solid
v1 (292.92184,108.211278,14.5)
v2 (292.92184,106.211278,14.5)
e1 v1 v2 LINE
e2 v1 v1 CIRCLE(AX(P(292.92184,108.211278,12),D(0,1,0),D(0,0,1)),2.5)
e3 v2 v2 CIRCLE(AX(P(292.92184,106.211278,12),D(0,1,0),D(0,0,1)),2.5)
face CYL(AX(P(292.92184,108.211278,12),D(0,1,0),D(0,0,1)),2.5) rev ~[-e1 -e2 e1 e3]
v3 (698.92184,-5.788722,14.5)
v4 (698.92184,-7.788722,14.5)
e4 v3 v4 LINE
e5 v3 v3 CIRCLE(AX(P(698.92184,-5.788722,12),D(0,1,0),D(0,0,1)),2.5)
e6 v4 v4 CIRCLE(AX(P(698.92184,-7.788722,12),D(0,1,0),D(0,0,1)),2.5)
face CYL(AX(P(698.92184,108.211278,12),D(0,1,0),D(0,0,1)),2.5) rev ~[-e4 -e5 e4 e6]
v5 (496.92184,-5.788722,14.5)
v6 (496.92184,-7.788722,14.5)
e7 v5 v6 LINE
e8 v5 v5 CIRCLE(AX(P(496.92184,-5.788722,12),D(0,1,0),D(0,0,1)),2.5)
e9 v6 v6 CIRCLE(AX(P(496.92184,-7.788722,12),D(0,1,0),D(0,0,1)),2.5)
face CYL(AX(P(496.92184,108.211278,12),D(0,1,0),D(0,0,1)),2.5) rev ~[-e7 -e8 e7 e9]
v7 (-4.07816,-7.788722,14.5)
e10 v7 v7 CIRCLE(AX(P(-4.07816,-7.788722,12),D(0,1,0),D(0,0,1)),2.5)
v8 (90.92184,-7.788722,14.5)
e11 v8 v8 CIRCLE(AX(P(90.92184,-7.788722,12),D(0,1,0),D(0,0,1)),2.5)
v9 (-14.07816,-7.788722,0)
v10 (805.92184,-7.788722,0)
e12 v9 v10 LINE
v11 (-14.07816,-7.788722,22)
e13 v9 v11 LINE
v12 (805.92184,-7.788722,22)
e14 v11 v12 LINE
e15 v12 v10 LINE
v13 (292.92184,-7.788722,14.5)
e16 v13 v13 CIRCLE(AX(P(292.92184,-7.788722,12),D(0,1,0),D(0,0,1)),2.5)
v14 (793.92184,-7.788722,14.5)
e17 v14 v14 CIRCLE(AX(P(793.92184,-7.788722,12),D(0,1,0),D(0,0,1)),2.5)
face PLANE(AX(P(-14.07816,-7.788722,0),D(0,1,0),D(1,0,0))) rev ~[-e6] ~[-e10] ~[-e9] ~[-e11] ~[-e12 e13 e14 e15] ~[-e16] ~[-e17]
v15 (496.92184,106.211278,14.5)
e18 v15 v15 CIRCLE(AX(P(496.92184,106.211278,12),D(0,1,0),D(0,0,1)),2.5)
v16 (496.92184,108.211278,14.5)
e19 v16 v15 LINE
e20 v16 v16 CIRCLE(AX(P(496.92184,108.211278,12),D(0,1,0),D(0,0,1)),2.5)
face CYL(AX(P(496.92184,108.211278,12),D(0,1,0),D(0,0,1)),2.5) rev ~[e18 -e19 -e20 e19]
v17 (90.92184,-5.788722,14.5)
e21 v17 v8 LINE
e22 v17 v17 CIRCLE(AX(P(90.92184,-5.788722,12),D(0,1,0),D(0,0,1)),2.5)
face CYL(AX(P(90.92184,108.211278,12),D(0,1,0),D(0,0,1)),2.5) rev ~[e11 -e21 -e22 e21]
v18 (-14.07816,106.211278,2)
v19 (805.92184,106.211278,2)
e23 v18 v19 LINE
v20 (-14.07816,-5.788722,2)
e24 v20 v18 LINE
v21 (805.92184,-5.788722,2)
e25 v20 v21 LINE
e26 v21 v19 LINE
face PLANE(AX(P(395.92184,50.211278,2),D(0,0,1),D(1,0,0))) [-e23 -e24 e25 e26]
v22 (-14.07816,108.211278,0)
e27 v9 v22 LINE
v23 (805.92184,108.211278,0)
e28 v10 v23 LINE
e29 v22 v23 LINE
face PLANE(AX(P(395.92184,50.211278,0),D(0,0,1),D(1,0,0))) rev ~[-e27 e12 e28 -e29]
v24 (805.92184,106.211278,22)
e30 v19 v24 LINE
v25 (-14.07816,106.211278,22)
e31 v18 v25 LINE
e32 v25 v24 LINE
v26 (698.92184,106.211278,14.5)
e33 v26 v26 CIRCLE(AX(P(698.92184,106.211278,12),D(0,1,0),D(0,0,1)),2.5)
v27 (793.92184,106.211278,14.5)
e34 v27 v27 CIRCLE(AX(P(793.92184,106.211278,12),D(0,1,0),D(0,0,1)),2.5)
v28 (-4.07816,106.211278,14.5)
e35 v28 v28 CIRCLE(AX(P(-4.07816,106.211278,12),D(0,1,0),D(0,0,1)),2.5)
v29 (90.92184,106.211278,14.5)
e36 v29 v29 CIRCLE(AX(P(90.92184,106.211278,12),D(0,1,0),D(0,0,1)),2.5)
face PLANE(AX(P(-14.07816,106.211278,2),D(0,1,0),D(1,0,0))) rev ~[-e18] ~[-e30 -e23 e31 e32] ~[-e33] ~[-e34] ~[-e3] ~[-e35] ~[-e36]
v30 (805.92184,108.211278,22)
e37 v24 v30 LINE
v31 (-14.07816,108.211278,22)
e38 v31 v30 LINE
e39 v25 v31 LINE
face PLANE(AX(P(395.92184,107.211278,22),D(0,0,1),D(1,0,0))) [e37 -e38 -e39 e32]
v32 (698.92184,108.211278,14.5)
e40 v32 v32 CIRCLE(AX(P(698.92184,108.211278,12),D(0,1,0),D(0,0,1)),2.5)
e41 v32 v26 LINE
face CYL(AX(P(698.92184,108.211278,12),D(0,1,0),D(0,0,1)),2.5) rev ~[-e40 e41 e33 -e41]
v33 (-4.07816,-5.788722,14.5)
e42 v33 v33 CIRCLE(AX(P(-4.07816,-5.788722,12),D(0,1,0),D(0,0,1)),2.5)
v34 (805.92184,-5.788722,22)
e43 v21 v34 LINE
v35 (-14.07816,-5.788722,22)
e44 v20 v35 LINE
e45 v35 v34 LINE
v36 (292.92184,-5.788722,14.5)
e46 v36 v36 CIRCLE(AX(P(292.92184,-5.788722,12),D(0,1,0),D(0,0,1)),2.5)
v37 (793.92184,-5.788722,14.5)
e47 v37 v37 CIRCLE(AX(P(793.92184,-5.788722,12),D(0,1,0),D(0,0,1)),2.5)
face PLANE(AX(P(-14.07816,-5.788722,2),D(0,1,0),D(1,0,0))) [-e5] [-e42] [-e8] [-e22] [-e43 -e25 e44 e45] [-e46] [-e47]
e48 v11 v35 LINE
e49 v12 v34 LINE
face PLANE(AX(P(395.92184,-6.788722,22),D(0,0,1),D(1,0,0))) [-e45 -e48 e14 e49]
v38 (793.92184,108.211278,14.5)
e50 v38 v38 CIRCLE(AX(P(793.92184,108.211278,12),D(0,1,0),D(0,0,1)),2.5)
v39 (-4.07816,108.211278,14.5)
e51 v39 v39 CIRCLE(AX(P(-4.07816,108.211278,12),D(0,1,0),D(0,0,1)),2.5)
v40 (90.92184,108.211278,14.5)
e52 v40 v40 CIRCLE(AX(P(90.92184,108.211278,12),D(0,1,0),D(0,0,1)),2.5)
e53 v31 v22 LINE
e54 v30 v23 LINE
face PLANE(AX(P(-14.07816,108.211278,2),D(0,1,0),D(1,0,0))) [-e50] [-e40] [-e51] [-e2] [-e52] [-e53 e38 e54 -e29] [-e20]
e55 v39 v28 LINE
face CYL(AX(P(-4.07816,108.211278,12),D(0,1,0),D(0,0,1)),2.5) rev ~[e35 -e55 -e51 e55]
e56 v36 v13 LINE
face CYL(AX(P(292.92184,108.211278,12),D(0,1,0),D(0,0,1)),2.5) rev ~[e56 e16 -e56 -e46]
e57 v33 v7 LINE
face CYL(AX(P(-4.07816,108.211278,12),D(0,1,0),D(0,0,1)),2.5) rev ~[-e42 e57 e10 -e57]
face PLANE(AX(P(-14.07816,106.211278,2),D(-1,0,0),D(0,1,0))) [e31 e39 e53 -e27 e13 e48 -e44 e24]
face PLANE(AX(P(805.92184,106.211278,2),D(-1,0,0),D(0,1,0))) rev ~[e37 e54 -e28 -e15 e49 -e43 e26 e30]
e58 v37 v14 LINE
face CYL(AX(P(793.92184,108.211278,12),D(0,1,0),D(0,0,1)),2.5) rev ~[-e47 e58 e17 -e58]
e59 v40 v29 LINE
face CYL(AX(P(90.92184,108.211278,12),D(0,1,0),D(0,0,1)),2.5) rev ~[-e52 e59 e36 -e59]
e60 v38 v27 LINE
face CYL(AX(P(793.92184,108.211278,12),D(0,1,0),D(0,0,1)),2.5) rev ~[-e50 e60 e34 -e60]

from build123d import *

# Parameters (mm, degrees)
SKETCH_1_W          = 820
SKETCH_1_H          = 116
EXTRUDE_1_DEPTH     = 2
SKETCH_2_W          = 820
SKETCH_2_H          = 2
EXTRUDE_2_DEPTH     = 20
SKETCH_3_R          = 2.5
CUT_EXTRUDE_2_DEPTH = 116


with BuildPart() as part:
    # 草图1 → 凸台-拉伸1 (new body)
    with BuildSketch(Plane.XY):
        with Locations((395.921840051, 50.211278088)):
            Rectangle(SKETCH_1_W, SKETCH_1_H)
    extrude(amount=EXTRUDE_1_DEPTH)

    # 草图2 → 凸台-拉伸2 (add)
    with BuildSketch(Plane.XY.offset(2)):
        with Locations((395.921840051, 107.211278088)):
            Rectangle(SKETCH_2_W, SKETCH_2_H)
        with Locations((395.921840051, -6.788721912)):
            Rectangle(SKETCH_2_W, SKETCH_2_H)
    extrude(amount=EXTRUDE_2_DEPTH)

    # 草图3 → 切除-拉伸2 (cut)
    with BuildSketch(Plane(origin=(0, 108.211278088, 0), x_dir=(1, 0, 0), z_dir=(0, 1, 0))):
        with Locations(Location((698.921840051, -12, 0), (0, 0, 270))):
            Circle(SKETCH_3_R)
        with Locations(Location((793.921840051, -12, 0), (0, 0, 270))):
            Circle(SKETCH_3_R)
        with Locations(Location((-4.078159949, -12, 0), (0, 0, 270))):
            Circle(SKETCH_3_R)
        with Locations(Location((90.921840051, -12, 0), (0, 0, 270))):
            Circle(SKETCH_3_R)
        with Locations(Location((292.921840051, -12, 0), (0, 0, 270))):
            Circle(SKETCH_3_R)
        with Locations(Location((496.921840051, -12, 0), (0, 0, 270))):
            Circle(SKETCH_3_R)
    extrude(amount=-CUT_EXTRUDE_2_DEPTH, mode=Mode.SUBTRACT)


solid = part.part
